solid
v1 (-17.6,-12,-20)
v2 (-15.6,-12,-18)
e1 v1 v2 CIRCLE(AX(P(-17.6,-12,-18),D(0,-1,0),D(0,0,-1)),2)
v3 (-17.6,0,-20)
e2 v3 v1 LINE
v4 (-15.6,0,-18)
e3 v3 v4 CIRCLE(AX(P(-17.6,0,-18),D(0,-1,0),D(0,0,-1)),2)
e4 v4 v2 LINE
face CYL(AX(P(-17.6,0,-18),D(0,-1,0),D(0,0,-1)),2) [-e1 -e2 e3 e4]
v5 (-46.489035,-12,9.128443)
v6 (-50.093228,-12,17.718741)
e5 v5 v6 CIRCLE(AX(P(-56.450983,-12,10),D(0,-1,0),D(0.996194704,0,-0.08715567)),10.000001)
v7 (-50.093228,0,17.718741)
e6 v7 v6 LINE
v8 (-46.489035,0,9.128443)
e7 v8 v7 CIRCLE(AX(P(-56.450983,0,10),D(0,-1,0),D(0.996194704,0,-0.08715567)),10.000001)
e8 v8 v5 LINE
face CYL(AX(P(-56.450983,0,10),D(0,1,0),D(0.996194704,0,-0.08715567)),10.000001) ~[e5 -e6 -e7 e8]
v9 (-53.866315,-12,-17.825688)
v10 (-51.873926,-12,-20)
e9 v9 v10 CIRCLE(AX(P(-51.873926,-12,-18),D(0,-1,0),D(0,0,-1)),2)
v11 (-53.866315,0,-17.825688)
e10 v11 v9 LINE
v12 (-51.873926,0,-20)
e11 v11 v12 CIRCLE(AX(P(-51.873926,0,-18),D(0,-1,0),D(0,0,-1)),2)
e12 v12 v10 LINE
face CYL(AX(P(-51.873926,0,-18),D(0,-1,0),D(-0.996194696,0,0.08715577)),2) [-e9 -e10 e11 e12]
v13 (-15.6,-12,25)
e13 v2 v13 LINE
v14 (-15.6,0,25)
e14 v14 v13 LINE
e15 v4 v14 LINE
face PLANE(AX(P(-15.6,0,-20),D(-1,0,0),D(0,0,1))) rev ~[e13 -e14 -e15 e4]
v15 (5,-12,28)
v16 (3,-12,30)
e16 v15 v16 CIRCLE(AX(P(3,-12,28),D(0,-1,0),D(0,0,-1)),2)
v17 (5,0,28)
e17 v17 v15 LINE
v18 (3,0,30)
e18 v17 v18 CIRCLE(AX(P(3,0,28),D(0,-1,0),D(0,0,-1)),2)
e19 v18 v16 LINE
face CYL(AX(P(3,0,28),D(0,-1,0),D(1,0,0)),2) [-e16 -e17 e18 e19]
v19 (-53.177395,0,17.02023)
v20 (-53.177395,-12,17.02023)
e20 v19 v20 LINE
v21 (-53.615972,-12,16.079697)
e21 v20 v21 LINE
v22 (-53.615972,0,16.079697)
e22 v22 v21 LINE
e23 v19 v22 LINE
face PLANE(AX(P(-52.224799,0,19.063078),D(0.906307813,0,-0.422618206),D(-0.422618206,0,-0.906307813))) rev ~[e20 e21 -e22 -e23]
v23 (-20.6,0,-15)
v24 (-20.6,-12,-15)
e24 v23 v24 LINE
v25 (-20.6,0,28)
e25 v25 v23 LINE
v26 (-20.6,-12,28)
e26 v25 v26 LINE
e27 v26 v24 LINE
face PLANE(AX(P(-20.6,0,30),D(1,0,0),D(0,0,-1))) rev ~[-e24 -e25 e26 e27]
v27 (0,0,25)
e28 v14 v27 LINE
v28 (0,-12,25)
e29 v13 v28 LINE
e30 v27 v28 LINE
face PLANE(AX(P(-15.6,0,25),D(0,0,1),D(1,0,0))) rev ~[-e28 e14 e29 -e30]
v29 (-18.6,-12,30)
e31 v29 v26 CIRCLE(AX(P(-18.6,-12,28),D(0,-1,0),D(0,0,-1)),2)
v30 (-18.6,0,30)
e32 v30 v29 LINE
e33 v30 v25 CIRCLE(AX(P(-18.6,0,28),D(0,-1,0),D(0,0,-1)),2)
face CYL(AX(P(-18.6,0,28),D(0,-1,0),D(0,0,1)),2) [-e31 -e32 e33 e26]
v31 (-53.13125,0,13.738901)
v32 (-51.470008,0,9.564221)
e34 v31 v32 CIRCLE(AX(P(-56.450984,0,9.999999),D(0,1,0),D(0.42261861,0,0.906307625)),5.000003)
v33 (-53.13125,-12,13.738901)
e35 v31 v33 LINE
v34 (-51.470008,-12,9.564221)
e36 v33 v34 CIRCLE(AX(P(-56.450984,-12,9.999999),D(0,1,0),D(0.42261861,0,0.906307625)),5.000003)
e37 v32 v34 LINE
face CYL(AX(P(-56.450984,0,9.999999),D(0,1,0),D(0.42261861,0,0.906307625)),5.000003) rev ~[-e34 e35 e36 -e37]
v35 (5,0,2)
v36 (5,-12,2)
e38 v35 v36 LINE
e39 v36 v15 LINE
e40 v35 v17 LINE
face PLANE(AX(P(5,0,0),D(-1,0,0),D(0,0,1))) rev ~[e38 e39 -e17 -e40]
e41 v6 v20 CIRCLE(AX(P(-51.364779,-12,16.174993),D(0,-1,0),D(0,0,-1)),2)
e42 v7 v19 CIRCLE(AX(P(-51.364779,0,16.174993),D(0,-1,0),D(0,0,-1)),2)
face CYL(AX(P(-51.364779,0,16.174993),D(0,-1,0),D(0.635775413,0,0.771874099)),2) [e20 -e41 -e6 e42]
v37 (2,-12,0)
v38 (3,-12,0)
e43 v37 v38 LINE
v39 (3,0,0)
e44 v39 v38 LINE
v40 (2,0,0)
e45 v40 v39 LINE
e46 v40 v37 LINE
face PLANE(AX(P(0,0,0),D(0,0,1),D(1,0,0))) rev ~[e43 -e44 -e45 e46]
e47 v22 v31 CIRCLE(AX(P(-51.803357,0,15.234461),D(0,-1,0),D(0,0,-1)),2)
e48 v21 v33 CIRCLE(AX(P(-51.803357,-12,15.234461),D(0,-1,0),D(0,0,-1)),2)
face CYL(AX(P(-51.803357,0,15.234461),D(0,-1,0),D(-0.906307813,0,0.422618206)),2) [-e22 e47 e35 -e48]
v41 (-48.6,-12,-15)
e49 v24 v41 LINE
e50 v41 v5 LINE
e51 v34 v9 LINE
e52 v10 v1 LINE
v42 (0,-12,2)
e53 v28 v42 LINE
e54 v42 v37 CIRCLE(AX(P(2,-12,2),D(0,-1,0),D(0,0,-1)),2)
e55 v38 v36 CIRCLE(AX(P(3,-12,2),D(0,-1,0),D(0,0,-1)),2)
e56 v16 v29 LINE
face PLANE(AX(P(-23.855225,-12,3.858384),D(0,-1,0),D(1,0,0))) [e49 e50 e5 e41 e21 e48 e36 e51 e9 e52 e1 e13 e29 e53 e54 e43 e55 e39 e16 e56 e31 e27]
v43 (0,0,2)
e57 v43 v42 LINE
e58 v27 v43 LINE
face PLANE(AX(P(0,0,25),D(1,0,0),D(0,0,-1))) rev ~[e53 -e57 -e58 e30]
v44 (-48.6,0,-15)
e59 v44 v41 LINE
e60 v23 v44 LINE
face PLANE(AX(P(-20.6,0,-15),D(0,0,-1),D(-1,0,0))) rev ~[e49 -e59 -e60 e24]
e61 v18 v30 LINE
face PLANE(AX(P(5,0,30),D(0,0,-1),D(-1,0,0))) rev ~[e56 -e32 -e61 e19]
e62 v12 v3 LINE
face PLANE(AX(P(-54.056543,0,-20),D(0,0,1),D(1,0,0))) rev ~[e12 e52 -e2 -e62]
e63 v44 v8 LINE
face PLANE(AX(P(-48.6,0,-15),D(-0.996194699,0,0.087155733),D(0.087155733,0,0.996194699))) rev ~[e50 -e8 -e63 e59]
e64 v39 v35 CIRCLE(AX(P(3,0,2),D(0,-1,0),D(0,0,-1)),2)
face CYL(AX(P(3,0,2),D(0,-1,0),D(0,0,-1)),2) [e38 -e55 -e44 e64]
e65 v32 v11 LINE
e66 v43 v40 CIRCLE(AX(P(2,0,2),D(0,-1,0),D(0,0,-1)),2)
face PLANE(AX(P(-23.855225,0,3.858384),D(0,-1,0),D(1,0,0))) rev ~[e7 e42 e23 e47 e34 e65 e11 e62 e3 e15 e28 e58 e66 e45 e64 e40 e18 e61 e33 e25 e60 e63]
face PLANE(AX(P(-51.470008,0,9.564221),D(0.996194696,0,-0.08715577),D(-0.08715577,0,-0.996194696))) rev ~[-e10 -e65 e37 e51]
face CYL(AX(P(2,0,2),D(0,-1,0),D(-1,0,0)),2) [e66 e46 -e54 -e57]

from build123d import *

# Parameters (mm, degrees)
F1_DEPTH = 12
F2_R     = 2


with BuildPart() as f1:
    # F0 (on Front) → F1 (new body)
    with BuildSketch(Plane.XZ):
        with BuildLine():
            Line((0, 25), (0, 0))
            Line((0, 0), (5, 0))
            Line((5, 0), (5, 30))
            Line((5, 30), (-20.6, 30))
            Line((-20.6, 30), (-20.6, -15))
            Line((-20.6, -15), (-48.6, -15))
            Line((-48.6, -15), (-46.489035, 9.128443))
            ThreePointArc((-46.489035, 9.128443), (-47.790728, 15), (-52.224799, 19.063078))
            Line((-52.224799, 19.063078), (-54.33789, 14.531539))
            ThreePointArc((-54.33789, 14.531539), (-52.120855, 12.5), (-51.470008, 9.564221))
            Line((-51.470008, 9.564221), (-54.056543, -20))
            Line((-54.056543, -20), (-15.6, -20))
            Line((-15.6, -20), (-15.6, 25))
            Line((-15.6, 25), (0, 25))
        make_face()
    extrude(amount=F1_DEPTH)

    # F2
    f2_edges = [f1.edges().sort_by_distance(p)[0] for p in [
        (-52.224799, -6, 19.063078),
        (-54.33789, -6, 14.531539),
        (-54.056543, -6, -20),
        (-15.6, -6, -20),
        (5, -6, 30),
        (-20.6, -6, 30),
        (0, -6, 0),
        (5, -6, 0),
    ]]
    fillet(f2_edges, radius=F2_R)


solid = f1.part
